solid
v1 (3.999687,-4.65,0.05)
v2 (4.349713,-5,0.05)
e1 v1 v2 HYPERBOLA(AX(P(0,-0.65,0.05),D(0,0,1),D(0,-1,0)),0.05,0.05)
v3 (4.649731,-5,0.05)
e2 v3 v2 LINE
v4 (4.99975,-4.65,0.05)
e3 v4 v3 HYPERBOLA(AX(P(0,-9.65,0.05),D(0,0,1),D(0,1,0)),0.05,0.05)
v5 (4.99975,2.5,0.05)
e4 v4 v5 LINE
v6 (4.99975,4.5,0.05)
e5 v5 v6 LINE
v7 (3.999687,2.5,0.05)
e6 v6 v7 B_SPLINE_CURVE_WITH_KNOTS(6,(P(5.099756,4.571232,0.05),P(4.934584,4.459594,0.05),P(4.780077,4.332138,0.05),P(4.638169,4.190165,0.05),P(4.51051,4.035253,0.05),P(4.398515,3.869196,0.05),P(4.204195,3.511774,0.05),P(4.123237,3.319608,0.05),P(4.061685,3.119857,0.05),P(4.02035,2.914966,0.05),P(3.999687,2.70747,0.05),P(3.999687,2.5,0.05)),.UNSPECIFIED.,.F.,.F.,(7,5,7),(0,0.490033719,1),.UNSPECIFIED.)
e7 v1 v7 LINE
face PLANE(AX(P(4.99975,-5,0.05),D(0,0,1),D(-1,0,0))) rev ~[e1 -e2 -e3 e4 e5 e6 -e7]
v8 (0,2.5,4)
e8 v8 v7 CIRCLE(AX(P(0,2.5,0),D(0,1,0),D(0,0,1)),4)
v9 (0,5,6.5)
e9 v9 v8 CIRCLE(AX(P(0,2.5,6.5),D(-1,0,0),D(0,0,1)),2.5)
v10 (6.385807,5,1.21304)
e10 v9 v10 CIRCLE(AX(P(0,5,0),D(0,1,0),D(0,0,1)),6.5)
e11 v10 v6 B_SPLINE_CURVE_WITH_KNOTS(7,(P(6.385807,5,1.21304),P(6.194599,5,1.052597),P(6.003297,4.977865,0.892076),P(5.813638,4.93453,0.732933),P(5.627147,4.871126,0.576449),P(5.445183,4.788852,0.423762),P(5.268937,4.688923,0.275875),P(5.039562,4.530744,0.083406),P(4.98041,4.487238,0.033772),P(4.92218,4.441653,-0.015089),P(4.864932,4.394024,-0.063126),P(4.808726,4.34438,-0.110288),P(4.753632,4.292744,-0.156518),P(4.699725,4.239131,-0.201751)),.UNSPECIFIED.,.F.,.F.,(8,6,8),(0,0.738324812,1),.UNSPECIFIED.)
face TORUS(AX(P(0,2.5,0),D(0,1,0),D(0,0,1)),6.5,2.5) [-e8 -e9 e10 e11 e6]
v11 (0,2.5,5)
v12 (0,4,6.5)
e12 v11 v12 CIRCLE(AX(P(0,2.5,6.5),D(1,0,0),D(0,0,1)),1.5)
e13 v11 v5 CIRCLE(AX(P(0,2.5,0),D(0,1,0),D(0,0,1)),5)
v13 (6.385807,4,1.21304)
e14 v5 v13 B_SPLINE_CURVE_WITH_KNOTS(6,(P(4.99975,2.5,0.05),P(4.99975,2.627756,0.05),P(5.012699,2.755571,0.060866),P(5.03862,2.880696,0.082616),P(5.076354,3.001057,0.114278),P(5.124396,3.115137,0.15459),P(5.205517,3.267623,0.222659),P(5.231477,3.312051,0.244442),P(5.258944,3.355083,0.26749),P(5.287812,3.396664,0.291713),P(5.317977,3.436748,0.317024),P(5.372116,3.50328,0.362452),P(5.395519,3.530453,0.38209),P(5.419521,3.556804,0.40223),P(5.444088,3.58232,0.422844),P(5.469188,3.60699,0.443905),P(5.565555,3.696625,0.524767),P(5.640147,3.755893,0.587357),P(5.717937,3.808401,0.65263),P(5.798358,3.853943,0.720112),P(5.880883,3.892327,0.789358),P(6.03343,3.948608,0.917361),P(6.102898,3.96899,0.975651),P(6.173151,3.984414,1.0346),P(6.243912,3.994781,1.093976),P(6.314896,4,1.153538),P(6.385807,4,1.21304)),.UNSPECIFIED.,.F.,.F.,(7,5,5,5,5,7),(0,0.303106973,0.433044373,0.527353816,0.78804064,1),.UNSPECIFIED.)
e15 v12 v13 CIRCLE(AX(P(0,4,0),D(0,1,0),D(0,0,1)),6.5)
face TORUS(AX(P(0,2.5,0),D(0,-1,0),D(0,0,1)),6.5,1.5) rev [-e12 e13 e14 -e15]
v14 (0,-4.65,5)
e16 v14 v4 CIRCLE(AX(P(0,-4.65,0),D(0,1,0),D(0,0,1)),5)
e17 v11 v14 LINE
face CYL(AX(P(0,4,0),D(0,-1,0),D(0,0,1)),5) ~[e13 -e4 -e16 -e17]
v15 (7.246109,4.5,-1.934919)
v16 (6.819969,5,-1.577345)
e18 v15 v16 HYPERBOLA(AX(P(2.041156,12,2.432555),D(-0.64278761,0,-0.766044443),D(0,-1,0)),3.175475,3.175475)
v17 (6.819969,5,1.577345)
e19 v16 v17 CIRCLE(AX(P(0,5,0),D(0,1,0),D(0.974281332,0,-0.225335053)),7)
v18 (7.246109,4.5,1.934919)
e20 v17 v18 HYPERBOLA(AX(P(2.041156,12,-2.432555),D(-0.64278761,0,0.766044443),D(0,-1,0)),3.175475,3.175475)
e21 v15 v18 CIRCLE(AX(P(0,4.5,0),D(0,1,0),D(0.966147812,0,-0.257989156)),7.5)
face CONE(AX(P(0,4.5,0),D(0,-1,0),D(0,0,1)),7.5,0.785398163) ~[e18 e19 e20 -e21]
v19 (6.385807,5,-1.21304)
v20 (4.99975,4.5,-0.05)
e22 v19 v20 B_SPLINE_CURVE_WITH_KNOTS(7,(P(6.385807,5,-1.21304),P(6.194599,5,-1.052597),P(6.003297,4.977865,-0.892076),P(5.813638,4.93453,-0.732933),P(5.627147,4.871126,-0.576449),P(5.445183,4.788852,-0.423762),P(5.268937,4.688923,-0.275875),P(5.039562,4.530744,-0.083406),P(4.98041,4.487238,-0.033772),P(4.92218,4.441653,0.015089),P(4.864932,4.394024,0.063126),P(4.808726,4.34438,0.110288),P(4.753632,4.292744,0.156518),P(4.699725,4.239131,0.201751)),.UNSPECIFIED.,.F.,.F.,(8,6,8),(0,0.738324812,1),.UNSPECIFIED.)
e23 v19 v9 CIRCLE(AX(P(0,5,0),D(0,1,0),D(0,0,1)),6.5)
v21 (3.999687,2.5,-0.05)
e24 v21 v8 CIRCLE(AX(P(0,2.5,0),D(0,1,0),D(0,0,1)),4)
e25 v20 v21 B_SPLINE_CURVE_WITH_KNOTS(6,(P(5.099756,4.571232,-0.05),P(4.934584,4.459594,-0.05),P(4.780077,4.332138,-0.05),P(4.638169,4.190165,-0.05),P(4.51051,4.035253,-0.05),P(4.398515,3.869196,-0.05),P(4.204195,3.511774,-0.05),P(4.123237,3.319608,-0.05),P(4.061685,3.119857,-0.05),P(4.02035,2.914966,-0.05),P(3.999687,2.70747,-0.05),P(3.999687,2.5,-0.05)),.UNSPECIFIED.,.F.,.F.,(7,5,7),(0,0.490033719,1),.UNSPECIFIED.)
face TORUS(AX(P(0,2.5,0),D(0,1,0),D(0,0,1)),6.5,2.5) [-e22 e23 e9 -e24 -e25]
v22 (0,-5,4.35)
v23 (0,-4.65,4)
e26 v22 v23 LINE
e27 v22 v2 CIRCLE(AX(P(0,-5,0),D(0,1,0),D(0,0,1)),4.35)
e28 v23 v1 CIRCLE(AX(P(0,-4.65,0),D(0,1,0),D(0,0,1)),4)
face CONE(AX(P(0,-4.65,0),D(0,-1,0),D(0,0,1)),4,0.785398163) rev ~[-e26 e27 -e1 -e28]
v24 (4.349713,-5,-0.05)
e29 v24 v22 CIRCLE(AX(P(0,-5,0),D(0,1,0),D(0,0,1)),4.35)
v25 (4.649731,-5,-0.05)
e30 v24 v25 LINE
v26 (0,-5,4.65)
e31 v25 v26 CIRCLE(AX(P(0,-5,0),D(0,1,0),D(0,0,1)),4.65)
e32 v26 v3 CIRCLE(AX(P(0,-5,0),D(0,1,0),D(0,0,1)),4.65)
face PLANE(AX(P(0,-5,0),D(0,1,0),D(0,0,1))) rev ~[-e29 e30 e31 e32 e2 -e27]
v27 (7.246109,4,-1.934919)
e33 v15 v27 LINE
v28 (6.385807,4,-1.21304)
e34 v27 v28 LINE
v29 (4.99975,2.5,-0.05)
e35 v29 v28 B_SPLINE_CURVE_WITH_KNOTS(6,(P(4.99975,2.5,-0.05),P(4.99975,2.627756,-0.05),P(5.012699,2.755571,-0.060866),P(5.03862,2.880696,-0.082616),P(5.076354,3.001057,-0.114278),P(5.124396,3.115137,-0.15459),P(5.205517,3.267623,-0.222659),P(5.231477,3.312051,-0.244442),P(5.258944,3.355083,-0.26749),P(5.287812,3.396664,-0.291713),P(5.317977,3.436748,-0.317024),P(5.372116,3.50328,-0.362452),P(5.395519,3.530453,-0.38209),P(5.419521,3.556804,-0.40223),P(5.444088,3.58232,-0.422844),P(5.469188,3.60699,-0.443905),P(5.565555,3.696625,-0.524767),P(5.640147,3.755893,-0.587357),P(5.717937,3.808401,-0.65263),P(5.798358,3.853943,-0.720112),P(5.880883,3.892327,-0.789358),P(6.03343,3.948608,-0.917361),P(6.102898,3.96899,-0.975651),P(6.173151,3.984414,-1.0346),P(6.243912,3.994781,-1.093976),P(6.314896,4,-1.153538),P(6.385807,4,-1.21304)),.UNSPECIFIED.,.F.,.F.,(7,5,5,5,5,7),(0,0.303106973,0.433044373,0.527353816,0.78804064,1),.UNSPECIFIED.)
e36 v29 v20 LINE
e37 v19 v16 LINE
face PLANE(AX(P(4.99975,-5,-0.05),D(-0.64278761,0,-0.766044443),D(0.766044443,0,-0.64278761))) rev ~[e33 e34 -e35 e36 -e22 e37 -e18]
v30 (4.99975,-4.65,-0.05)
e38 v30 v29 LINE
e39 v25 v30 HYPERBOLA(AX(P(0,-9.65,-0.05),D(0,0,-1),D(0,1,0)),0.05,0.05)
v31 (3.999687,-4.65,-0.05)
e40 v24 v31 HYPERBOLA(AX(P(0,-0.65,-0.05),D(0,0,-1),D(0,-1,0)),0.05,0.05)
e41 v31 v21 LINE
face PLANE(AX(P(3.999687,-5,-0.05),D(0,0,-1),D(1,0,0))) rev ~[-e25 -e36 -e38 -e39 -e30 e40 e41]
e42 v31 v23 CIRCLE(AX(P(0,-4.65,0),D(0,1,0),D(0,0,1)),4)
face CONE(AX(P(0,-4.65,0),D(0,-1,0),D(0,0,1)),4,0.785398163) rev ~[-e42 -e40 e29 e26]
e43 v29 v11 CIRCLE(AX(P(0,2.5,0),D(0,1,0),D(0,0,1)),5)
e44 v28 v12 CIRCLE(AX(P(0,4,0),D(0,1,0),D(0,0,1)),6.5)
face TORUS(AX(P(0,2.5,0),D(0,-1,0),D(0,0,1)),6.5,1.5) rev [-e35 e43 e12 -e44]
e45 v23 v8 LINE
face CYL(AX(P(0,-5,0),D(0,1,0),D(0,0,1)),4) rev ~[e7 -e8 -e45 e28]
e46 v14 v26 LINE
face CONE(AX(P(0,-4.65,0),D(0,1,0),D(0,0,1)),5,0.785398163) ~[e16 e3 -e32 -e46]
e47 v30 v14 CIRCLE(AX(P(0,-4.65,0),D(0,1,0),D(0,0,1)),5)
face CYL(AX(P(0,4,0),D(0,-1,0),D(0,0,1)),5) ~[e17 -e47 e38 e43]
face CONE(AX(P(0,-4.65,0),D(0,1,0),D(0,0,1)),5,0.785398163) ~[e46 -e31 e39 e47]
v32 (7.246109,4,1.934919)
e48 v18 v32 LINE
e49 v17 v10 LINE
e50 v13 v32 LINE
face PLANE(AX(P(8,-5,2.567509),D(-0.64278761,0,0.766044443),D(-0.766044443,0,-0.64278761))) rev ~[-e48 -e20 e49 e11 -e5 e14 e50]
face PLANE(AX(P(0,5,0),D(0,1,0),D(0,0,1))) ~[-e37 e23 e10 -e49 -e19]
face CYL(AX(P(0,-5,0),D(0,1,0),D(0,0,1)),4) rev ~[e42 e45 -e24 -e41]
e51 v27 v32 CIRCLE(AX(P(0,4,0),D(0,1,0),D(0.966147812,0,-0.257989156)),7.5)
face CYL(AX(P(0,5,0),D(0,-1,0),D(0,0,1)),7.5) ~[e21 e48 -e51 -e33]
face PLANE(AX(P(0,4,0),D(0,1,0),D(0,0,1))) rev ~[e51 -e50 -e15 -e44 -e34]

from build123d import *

# Parameters (mm, degrees)
F2_SIZE  = 0.35
F3_R     = 1.5
F4_R     = 2.5
F5_SIZE  = 0.5
F7_DEPTH = 10.0010001


with BuildPart() as f1:
    # F0 (on Right) → F1 (revolve)
    with BuildSketch(Plane.YZ):
        Polygon((5, 4), (5, 7.5), (4, 7.5), (4, 5), (-5, 5), (-5, 4), align=None)
    revolve(axis=Axis((0, 0, 0), (0, 1, 0)))

    # F2
    f2_edges = [f1.edges().sort_by_distance(p)[0] for p in [
        (0, -5, -5),
        (0, -5, -4),
    ]]
    chamfer(f2_edges, length=F2_SIZE)

    # F3
    f3_edges = [f1.edges().sort_by_distance(p)[0] for p in [
        (0, 4, -5),
    ]]
    fillet(f3_edges, radius=F3_R)

    # F4
    f4_edges = [f1.edges().sort_by_distance(p)[0] for p in [
        (0, 5, -4),
    ]]
    fillet(f4_edges, radius=F4_R)

    # F5
    f5_edges = [f1.edges().sort_by_distance(p)[0] for p in [
        (0, 5, -7.5),
    ]]
    chamfer(f5_edges, length=F5_SIZE)

    # F6 (on face) → F7 (cut, through all)
    with BuildSketch(Plane.XZ.offset(5)):
        with BuildLine():
            Line((4.9997499937, 0.05), (4.649731175, 0.05))
            ThreePointArc((4.649731175, 0.05), (4.6499327933, 0.0250003613), (4.65, 0))
            ThreePointArc((4.65, 0), (4.6499327933, -0.0250003613), (4.649731175, -0.05))
            Line((4.649731175, -0.05), (4.9997499937, -0.05))
            Line((4.9997499937, -0.05), (8, -2.5675086737))
            Line((8, -2.5675086737), (8, 2.5675086737))
            Line((8, 2.5675086737), (4.9997499937, 0.05))
        make_face()
        with BuildLine():
            Line((4.3497126342, 0.05), (3.9996874878, 0.05))
            Line((3.9996874878, 0.05), (3.9996874878, -0.05))
            Line((3.9996874878, -0.05), (4.3497126342, -0.05))
            ThreePointArc((4.3497126342, -0.05), (4.349928158, -0.0250004129), (4.35, 0))
            ThreePointArc((4.35, 0), (4.349928158, 0.0250004129), (4.3497126342, 0.05))
        make_face()
        with BuildLine():
            Line((4.649731175, 0.05), (4.3497126342, 0.05))
            ThreePointArc((4.3497126342, 0.05), (4.349928158, 0.0250004129), (4.35, 0))
            ThreePointArc((4.35, 0), (4.349928158, -0.0250004129), (4.3497126342, -0.05))
            Line((4.3497126342, -0.05), (4.649731175, -0.05))
            ThreePointArc((4.649731175, -0.05), (4.6499327933, -0.0250003613), (4.65, 0))
            ThreePointArc((4.65, 0), (4.6499327933, 0.0250003613), (4.649731175, 0.05))
        make_face()
    extrude(amount=-F7_DEPTH, mode=Mode.SUBTRACT)


solid = f1.part
